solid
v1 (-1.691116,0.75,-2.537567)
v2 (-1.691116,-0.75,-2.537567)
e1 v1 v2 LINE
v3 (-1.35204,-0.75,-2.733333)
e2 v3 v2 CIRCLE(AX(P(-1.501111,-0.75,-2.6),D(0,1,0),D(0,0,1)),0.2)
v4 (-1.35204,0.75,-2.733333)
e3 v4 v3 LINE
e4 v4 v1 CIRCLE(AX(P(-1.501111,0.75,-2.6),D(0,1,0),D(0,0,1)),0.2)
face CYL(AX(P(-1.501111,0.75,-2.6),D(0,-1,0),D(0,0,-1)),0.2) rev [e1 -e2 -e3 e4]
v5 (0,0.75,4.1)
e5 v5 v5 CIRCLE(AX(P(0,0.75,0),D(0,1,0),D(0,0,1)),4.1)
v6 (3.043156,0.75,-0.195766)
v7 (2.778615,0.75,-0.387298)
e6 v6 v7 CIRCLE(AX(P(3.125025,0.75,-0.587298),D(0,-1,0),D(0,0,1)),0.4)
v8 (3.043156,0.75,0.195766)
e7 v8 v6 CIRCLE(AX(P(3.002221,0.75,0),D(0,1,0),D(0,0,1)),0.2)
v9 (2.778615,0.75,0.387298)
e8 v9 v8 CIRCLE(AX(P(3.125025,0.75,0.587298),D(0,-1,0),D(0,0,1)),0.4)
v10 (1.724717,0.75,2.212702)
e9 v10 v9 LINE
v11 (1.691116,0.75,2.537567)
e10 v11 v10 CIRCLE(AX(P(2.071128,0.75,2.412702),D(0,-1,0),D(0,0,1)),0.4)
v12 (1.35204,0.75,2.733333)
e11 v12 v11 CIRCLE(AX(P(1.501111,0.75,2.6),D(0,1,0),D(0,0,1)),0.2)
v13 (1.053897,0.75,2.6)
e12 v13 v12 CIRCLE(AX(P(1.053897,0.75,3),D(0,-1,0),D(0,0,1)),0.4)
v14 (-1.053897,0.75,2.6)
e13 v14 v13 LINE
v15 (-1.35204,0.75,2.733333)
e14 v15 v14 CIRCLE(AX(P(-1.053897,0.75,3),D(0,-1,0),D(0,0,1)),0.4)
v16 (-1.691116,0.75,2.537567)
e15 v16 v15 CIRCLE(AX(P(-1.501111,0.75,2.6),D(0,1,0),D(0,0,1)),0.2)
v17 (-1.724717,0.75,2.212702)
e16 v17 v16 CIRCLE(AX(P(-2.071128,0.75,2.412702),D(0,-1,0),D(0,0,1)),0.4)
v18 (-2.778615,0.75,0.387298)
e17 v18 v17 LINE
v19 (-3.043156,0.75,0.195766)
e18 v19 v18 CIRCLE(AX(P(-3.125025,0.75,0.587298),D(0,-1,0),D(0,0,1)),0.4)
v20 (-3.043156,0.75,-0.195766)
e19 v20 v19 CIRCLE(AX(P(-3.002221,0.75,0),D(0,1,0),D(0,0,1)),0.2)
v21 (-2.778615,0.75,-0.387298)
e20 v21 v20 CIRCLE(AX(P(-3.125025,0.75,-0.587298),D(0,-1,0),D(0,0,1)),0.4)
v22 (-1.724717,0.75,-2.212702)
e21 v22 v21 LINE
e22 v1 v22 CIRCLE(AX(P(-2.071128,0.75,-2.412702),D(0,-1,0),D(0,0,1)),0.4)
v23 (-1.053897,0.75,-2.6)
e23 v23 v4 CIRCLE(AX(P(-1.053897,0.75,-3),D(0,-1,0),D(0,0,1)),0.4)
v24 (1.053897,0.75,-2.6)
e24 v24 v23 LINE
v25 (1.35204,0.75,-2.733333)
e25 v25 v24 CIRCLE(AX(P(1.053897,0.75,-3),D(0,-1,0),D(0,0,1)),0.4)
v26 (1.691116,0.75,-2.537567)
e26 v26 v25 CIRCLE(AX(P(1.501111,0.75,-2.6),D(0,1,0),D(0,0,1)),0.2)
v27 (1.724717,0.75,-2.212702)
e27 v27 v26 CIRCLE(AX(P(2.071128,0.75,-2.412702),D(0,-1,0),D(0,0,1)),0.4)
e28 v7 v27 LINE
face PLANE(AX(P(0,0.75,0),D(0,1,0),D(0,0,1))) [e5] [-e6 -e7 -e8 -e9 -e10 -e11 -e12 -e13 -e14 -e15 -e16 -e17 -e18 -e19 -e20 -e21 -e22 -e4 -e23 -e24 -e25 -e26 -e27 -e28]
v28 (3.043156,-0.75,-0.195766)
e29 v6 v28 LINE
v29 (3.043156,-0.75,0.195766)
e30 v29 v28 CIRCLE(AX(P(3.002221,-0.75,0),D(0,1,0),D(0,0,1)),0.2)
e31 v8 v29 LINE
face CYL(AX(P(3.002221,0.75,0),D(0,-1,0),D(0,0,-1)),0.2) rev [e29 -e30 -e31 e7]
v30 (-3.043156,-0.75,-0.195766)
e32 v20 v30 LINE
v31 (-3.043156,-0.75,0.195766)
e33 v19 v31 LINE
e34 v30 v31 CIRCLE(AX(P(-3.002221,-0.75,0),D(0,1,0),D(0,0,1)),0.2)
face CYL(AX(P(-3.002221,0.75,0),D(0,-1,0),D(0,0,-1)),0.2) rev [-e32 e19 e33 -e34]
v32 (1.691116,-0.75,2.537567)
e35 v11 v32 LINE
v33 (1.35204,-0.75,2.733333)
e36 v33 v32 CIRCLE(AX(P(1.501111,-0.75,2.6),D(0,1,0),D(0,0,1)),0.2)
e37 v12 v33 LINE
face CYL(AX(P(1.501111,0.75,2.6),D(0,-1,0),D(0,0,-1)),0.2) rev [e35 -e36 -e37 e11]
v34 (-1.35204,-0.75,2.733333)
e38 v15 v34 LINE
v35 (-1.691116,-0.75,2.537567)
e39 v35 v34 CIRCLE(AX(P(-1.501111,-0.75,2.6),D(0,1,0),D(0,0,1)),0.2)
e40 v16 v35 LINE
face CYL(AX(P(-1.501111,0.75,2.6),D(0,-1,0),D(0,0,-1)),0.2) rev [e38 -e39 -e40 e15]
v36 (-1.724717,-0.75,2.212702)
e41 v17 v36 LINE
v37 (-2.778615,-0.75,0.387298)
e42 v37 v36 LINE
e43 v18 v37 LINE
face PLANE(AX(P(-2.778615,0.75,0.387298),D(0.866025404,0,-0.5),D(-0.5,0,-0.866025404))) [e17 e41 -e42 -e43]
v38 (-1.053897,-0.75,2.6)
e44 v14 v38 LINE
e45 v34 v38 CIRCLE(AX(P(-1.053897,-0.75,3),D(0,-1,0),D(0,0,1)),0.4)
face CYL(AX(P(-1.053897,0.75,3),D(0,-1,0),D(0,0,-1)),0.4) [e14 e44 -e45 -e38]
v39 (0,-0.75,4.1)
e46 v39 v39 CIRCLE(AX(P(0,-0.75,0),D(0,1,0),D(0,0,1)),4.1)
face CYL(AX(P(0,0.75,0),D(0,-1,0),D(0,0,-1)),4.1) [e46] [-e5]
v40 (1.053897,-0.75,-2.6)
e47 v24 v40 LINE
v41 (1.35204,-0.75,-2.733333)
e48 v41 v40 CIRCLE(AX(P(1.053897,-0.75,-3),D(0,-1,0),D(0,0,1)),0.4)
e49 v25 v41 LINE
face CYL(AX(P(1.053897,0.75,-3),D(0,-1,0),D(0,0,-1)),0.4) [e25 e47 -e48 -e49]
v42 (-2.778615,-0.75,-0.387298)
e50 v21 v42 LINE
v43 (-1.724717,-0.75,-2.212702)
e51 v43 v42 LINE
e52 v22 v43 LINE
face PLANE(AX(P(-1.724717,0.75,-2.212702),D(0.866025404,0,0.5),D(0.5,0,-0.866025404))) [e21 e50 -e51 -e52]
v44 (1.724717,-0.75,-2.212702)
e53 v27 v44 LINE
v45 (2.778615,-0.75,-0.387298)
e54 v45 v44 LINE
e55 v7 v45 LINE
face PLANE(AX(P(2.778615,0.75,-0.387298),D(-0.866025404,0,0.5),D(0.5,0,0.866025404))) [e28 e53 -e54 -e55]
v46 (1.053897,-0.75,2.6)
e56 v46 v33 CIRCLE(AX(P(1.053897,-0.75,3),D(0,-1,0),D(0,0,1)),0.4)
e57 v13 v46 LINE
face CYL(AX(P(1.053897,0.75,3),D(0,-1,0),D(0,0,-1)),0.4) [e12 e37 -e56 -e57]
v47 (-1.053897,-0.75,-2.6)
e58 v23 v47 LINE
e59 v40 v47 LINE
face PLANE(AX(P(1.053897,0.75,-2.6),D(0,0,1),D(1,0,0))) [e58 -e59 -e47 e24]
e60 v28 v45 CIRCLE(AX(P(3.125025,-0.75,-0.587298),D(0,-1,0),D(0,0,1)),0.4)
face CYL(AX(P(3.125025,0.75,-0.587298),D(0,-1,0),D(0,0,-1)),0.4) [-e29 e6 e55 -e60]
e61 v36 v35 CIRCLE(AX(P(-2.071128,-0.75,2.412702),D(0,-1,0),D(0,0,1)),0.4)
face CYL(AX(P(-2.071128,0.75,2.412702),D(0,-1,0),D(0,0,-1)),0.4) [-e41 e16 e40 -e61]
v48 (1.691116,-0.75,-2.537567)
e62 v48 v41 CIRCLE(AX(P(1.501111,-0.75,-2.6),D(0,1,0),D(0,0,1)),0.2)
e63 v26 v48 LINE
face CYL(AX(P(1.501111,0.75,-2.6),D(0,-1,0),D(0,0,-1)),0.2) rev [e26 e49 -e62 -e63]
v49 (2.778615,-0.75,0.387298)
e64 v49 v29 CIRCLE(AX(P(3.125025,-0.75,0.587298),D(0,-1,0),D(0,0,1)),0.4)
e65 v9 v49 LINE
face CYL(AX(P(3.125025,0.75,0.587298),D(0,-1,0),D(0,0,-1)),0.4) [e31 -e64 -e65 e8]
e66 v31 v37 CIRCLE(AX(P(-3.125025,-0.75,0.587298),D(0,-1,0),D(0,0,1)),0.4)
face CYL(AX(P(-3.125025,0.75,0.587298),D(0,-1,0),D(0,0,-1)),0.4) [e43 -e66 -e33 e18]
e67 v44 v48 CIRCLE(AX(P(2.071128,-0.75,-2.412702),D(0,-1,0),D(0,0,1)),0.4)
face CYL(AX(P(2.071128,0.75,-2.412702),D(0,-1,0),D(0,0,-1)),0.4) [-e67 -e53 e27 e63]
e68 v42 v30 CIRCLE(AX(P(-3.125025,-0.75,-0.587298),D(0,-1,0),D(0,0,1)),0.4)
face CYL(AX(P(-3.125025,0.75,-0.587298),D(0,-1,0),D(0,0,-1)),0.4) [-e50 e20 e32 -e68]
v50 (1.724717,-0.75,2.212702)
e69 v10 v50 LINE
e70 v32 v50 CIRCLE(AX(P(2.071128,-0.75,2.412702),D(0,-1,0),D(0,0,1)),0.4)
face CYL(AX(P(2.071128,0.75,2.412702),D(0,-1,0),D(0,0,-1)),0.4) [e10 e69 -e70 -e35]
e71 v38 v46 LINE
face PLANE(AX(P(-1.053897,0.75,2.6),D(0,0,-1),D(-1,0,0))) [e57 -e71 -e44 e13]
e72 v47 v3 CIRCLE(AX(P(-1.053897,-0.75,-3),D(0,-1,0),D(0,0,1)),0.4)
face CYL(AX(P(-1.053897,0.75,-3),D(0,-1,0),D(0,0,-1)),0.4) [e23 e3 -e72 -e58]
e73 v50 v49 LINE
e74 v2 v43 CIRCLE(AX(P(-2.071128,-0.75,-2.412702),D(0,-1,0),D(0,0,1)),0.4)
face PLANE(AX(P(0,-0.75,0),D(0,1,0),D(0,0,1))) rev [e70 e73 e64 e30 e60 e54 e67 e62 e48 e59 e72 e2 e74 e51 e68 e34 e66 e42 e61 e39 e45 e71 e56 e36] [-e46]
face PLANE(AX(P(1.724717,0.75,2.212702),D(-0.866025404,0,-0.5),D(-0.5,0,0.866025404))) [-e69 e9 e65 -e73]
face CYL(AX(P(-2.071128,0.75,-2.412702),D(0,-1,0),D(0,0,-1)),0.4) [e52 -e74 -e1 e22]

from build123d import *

# Parameters (mm, degrees)
CROQUIS1_R              = 4.1
SALIENTE_EXTRUIR1_DEPTH = 0.75


with BuildPart() as part:
    # Croquis1 → Saliente-Extruir1 (new, symmetric)
    with BuildSketch(Plane(origin=(0, 0, 0), x_dir=(1, 0, 0), z_dir=(0, 1, 0))):
        with Locations(Location((0, 0, 0), (0, 0, 270))):
            Circle(CROQUIS1_R)
        with BuildLine():
            Line((1.724717498, -2.212701665), (2.778614602, -0.387298335))
            ThreePointArc((2.778614602, -0.387298335), (2.890446656, -0.263302793), (3.043155854, -0.195766112))
            ThreePointArc((3.043155854, -0.195766112), (3.2022214, 0), (3.043155854, 0.195766112))
            ThreePointArc((3.043155854, 0.195766112), (2.890446656, 0.263302793), (2.778614602, 0.387298335))
            Line((2.778614602, 0.387298335), (1.724717498, 2.212701665))
            ThreePointArc((1.724717498, 2.212701665), (1.673250235, 2.371548836), (1.691116353, 2.537567222))
            ThreePointArc((1.691116353, 2.537567222), (1.6011107, 2.773205081), (1.352039501, 2.733333333))
            ThreePointArc((1.352039501, 2.733333333), (1.217196421, 2.634851628), (1.053897104, 2.6))
            Line((1.053897104, 2.6), (-1.053897104, 2.6))
            ThreePointArc((-1.053897104, 2.6), (-1.217196421, 2.634851628), (-1.352039501, 2.733333333))
            ThreePointArc((-1.352039501, 2.733333333), (-1.6011107, 2.773205081), (-1.691116353, 2.537567222))
            ThreePointArc((-1.691116353, 2.537567222), (-1.673250235, 2.371548836), (-1.724717498, 2.212701665))
            Line((-1.724717498, 2.212701665), (-2.778614602, 0.387298335))
            ThreePointArc((-2.778614602, 0.387298335), (-2.890446656, 0.263302793), (-3.043155854, 0.195766112))
            ThreePointArc((-3.043155854, 0.195766112), (-3.2022214, 0), (-3.043155854, -0.195766112))
            ThreePointArc((-3.043155854, -0.195766112), (-2.890446656, -0.263302793), (-2.778614602, -0.387298335))
            Line((-2.778614602, -0.387298335), (-1.724717498, -2.212701665))
            ThreePointArc((-1.724717498, -2.212701665), (-1.673250235, -2.371548836), (-1.691116353, -2.537567222))
            ThreePointArc((-1.691116353, -2.537567222), (-1.6011107, -2.773205081), (-1.352039501, -2.733333333))
            ThreePointArc((-1.352039501, -2.733333333), (-1.217196421, -2.634851628), (-1.053897104, -2.6))
            Line((-1.053897104, -2.6), (1.053897104, -2.6))
            ThreePointArc((1.053897104, -2.6), (1.217196421, -2.634851628), (1.352039501, -2.733333333))
            ThreePointArc((1.352039501, -2.733333333), (1.6011107, -2.773205081), (1.691116353, -2.537567222))
            ThreePointArc((1.691116353, -2.537567222), (1.673250235, -2.371548836), (1.724717498, -2.212701665))
        make_face(mode=Mode.SUBTRACT)
    extrude(amount=SALIENTE_EXTRUIR1_DEPTH, both=True)


solid = part.part
